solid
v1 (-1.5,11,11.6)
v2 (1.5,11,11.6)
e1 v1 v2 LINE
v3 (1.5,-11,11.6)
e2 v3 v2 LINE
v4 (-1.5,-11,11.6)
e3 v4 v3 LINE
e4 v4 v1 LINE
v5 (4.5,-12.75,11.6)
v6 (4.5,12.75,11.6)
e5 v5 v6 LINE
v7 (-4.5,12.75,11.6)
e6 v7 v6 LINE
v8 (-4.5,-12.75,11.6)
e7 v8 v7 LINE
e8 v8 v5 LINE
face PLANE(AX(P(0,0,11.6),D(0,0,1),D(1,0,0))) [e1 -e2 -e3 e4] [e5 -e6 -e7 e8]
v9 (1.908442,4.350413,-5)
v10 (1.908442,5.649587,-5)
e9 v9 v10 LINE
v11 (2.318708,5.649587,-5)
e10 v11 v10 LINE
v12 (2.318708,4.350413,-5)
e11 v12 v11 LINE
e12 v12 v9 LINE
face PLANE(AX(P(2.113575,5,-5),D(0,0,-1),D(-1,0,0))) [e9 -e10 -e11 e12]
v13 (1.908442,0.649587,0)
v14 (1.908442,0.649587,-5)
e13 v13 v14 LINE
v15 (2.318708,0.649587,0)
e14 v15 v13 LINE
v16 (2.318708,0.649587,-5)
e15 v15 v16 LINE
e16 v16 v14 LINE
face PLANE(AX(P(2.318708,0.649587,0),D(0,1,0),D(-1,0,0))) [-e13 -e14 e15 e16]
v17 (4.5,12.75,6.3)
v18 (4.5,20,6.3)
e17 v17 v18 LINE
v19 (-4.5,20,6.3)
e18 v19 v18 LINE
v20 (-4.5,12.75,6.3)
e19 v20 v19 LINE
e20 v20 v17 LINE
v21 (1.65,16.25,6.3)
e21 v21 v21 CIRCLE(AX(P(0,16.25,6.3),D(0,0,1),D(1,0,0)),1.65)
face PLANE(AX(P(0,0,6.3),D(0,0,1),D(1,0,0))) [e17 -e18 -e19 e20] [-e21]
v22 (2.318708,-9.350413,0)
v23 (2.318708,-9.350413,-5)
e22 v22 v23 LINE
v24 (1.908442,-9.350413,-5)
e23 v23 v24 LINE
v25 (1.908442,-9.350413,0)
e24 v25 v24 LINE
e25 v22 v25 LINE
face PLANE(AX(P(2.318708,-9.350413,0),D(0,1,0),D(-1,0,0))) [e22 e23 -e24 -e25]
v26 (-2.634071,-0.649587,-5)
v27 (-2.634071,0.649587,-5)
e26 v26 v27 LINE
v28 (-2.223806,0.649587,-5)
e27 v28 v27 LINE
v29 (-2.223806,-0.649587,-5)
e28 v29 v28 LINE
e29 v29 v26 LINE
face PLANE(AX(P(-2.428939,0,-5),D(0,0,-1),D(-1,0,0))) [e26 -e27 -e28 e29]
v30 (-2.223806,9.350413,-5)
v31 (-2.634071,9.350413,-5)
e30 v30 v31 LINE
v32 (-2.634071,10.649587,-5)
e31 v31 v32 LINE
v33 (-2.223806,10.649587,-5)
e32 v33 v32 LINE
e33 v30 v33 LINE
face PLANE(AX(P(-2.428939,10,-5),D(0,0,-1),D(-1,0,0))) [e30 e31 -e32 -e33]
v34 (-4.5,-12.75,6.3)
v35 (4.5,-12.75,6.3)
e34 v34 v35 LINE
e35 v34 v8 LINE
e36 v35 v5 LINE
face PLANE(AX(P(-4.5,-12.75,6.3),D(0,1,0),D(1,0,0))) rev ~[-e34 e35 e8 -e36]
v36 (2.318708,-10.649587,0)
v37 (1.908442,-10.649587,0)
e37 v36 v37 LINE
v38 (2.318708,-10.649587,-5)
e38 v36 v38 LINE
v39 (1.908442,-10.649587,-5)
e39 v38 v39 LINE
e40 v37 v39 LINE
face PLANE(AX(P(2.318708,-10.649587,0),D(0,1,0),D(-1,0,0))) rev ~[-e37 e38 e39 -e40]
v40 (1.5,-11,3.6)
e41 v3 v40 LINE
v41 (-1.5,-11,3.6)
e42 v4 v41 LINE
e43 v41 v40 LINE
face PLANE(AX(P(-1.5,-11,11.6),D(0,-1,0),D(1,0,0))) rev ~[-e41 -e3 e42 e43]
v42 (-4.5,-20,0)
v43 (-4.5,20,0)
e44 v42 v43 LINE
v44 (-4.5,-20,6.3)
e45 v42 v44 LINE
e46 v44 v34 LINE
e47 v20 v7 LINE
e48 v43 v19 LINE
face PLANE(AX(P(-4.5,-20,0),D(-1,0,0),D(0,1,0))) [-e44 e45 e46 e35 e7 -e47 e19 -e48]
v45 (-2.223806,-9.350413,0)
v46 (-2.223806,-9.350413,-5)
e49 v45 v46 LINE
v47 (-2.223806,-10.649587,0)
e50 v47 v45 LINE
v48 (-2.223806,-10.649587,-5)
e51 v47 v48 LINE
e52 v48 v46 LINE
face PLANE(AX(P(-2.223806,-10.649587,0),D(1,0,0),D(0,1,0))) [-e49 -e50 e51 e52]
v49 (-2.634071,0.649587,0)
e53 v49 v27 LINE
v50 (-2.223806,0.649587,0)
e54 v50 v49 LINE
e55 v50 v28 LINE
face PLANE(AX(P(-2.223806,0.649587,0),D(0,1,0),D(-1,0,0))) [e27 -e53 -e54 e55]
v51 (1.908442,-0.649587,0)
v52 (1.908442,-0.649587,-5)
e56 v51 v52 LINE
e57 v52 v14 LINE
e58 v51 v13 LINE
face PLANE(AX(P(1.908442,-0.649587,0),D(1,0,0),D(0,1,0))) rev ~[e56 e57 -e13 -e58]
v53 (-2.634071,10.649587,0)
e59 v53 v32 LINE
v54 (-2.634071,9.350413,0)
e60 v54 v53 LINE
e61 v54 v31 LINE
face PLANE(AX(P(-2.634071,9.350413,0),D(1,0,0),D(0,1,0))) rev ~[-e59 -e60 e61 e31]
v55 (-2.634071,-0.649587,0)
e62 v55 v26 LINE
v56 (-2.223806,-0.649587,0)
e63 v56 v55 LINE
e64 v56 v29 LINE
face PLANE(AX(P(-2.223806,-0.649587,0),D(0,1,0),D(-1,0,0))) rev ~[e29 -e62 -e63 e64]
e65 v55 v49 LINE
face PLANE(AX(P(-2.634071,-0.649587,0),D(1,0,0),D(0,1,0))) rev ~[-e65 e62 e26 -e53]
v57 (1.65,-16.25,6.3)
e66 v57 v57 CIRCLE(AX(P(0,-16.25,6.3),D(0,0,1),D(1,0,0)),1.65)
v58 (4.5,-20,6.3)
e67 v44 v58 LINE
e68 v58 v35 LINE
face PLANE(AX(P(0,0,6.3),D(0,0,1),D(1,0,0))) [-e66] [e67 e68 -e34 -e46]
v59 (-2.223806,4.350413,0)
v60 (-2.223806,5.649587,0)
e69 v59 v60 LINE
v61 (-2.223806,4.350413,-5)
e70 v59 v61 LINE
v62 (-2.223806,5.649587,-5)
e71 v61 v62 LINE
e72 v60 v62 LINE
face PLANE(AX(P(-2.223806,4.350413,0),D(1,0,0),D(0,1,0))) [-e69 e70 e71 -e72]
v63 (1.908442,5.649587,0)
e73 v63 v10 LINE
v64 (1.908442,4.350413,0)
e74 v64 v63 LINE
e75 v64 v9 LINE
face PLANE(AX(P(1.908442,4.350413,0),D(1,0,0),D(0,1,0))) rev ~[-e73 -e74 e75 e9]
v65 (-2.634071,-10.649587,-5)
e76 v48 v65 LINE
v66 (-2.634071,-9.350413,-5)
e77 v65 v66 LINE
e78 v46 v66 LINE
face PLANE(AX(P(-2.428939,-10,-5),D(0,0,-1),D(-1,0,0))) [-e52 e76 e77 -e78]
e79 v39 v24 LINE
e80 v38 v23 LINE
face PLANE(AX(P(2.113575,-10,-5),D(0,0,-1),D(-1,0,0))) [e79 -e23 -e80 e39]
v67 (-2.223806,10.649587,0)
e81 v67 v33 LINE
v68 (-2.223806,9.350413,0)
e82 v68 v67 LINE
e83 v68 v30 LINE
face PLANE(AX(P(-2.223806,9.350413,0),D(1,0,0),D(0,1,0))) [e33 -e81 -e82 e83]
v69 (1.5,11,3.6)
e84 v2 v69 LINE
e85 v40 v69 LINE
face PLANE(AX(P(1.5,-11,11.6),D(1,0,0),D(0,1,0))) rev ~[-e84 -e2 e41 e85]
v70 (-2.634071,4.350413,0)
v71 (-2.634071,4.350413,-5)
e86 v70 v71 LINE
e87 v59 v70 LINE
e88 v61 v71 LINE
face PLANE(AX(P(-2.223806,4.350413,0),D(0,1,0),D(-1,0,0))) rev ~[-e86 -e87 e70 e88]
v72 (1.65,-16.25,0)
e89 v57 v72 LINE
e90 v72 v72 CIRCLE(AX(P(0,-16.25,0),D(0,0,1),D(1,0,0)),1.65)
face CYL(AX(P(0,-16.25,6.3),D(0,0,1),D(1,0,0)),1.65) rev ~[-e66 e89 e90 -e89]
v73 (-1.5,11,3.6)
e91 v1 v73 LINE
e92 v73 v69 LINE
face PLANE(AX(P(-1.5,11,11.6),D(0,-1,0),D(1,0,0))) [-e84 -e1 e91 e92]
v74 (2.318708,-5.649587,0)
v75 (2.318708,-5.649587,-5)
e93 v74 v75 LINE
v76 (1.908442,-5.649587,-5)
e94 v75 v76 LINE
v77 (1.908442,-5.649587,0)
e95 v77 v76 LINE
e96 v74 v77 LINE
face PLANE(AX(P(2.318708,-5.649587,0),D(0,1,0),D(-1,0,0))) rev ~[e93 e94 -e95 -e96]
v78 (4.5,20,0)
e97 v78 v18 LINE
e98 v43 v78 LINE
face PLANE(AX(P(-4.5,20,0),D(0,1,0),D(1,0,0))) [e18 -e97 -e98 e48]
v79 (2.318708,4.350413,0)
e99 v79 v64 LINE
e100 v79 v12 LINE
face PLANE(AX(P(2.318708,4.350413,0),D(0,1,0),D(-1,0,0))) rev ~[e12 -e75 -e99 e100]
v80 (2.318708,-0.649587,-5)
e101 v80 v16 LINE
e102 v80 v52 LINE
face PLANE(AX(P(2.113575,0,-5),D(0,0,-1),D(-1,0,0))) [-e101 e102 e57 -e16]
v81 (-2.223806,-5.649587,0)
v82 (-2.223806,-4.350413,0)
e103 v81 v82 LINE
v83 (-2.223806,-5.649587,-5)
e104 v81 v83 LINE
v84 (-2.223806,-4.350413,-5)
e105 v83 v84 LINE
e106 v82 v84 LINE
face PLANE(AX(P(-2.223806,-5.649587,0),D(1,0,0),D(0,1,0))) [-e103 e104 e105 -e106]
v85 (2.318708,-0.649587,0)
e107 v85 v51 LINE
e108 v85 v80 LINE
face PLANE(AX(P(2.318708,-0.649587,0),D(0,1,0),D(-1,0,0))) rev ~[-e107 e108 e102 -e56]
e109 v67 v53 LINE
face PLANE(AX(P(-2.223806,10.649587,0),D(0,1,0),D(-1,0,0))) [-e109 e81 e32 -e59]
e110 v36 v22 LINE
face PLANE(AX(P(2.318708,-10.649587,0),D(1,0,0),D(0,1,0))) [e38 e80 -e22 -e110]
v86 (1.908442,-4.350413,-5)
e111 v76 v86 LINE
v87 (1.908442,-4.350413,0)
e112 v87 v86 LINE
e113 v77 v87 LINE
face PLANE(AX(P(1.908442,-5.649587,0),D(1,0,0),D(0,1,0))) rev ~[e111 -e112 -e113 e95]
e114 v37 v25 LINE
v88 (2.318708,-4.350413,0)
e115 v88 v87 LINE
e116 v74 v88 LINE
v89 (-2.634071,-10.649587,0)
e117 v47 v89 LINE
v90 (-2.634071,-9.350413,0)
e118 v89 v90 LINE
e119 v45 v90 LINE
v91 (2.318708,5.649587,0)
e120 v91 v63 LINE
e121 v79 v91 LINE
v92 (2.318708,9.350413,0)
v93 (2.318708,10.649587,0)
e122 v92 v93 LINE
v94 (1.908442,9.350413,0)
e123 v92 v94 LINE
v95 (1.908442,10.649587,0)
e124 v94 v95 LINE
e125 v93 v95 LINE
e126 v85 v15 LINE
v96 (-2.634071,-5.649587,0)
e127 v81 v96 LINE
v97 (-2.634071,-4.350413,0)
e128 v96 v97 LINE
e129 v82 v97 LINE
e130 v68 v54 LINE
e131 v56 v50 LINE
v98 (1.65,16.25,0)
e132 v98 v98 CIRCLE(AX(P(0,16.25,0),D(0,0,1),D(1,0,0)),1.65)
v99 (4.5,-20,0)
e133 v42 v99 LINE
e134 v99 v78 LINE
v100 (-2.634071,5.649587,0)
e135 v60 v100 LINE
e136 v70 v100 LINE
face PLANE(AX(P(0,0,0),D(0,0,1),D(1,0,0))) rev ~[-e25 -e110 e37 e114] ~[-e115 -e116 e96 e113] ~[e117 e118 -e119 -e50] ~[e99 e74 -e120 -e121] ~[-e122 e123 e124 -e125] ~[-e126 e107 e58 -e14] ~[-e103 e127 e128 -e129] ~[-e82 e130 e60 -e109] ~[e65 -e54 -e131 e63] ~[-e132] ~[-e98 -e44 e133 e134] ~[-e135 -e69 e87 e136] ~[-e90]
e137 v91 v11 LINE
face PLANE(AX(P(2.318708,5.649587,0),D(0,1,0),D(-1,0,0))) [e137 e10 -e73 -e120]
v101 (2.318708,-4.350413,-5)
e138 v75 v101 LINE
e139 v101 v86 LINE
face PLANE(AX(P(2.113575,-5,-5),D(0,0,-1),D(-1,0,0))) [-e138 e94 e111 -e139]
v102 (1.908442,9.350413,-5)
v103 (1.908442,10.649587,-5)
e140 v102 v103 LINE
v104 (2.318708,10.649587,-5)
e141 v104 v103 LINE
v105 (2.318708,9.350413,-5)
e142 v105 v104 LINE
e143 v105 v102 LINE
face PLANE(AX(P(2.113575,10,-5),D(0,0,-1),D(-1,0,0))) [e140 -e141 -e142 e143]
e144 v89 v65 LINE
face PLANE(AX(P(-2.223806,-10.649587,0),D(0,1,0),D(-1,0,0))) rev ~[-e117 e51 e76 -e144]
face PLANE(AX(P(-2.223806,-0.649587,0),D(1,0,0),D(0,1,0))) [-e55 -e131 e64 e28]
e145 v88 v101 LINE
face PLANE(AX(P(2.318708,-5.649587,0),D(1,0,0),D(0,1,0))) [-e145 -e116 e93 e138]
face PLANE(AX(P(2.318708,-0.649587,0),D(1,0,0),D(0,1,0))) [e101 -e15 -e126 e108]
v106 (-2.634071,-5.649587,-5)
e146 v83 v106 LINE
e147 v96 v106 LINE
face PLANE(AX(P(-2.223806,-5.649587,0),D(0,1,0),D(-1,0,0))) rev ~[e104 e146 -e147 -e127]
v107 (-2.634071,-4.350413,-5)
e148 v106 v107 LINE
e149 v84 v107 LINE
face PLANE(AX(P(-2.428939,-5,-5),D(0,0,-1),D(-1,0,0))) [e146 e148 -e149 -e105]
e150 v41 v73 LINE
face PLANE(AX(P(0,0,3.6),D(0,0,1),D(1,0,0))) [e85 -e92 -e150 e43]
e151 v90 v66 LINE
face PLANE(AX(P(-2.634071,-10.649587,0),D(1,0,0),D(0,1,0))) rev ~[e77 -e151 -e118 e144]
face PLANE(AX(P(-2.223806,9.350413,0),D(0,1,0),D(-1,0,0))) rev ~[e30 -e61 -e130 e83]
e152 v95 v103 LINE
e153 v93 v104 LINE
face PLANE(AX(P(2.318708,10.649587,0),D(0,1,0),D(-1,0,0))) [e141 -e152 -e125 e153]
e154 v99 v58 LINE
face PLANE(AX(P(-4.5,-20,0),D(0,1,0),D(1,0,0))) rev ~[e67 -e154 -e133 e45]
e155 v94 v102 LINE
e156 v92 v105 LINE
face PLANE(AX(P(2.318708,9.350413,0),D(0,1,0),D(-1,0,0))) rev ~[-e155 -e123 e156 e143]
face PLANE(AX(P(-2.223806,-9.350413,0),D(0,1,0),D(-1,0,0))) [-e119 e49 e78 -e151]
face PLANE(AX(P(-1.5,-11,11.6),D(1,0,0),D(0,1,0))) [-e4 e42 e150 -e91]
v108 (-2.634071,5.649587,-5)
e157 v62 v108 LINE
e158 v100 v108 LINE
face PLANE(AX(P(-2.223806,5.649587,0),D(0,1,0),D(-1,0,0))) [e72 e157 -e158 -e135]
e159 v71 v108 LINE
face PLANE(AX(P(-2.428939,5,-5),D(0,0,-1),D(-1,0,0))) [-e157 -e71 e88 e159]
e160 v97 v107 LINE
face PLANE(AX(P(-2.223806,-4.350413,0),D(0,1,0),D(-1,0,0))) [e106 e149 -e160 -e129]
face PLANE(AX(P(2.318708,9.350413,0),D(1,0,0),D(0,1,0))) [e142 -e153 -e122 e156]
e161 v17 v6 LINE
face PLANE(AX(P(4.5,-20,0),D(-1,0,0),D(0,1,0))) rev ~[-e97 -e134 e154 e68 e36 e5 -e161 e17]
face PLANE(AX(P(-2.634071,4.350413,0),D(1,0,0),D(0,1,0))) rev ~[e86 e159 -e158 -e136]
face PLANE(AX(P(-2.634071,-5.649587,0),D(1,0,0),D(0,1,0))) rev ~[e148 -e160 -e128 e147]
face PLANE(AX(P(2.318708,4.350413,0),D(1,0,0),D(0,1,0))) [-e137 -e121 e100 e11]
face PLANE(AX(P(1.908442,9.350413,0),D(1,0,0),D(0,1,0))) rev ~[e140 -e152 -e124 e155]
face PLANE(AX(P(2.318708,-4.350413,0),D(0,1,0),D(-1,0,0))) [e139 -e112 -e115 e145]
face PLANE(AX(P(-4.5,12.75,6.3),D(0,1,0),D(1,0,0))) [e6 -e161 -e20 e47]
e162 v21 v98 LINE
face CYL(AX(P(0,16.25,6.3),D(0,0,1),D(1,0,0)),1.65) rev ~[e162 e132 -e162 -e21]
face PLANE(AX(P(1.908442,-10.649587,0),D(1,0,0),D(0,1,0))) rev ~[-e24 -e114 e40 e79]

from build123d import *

# Parameters (mm, degrees)
SKETCH_1_W          = 9
SKETCH_1_H          = 40
EXTRUDE_1_DEPTH     = 6.3
SKETCH_2_W          = 9
SKETCH_2_H          = 25.5
EXTRUDE_2_DEPTH     = 5.3
SKETCH_3_R          = 1.65
CUT_EXTRUDE_1_DEPTH = 15.3
SKETCH_4_W          = 0.410265385
SKETCH_4_H          = 1.299173718
EXTRUDE_3_DEPTH     = 5
SKETCH_5_W          = 3
SKETCH_5_H          = 22
CUT_EXTRUDE_2_DEPTH = 8


with BuildPart() as part:
    # 草图1 → 拉伸1 (new body)
    with BuildSketch(Plane.XY):
        Rectangle(SKETCH_1_W, SKETCH_1_H)
    extrude(amount=EXTRUDE_1_DEPTH)

    # 草图2 → 拉伸2 (add)
    with BuildSketch(Plane.XY.offset(6.3)):
        Rectangle(SKETCH_2_W, SKETCH_2_H)
    extrude(amount=EXTRUDE_2_DEPTH)

    # 草图3 → 切除-拉伸1 (cut)
    with BuildSketch(Plane.XY.offset(6.3)):
        with Locations((0, 16.25)):
            Circle(SKETCH_3_R)
        with Locations((0, -16.25)):
            Circle(SKETCH_3_R)
    extrude(amount=-CUT_EXTRUDE_1_DEPTH, mode=Mode.SUBTRACT)

    # 草图4 → 拉伸3 (add)
    with BuildSketch(Plane(origin=(0, 0, 0), x_dir=(-1, 0, 0), z_dir=(0, 0, -1))):
        with Locations((2.428938656, 10)):
            Rectangle(SKETCH_4_W, SKETCH_4_H)
        with Locations((-2.113574837, 10)):
            Rectangle(SKETCH_4_W, SKETCH_4_H)
        with Locations((2.428938656, 5)):
            Rectangle(SKETCH_4_W, SKETCH_4_H)
        with Locations((-2.113574837, 5)):
            Rectangle(SKETCH_4_W, SKETCH_4_H)
        with Locations((2.428938656, 0)):
            Rectangle(SKETCH_4_W, SKETCH_4_H)
        with Locations((-2.113574837, 0)):
            Rectangle(SKETCH_4_W, SKETCH_4_H)
        with Locations((-2.113574837, -5)):
            Rectangle(SKETCH_4_W, SKETCH_4_H)
        with Locations((2.428938656, -5)):
            Rectangle(SKETCH_4_W, SKETCH_4_H)
        with Locations((-2.113574837, -10)):
            Rectangle(SKETCH_4_W, SKETCH_4_H)
        with Locations((2.428938656, -10)):
            Rectangle(SKETCH_4_W, SKETCH_4_H)
    extrude(amount=EXTRUDE_3_DEPTH)

    # 草图5 → 切除-拉伸2 (cut)
    with BuildSketch(Plane.XY.offset(11.6)):
        Rectangle(SKETCH_5_W, SKETCH_5_H)
    extrude(amount=-CUT_EXTRUDE_2_DEPTH, mode=Mode.SUBTRACT)


solid = part.part
